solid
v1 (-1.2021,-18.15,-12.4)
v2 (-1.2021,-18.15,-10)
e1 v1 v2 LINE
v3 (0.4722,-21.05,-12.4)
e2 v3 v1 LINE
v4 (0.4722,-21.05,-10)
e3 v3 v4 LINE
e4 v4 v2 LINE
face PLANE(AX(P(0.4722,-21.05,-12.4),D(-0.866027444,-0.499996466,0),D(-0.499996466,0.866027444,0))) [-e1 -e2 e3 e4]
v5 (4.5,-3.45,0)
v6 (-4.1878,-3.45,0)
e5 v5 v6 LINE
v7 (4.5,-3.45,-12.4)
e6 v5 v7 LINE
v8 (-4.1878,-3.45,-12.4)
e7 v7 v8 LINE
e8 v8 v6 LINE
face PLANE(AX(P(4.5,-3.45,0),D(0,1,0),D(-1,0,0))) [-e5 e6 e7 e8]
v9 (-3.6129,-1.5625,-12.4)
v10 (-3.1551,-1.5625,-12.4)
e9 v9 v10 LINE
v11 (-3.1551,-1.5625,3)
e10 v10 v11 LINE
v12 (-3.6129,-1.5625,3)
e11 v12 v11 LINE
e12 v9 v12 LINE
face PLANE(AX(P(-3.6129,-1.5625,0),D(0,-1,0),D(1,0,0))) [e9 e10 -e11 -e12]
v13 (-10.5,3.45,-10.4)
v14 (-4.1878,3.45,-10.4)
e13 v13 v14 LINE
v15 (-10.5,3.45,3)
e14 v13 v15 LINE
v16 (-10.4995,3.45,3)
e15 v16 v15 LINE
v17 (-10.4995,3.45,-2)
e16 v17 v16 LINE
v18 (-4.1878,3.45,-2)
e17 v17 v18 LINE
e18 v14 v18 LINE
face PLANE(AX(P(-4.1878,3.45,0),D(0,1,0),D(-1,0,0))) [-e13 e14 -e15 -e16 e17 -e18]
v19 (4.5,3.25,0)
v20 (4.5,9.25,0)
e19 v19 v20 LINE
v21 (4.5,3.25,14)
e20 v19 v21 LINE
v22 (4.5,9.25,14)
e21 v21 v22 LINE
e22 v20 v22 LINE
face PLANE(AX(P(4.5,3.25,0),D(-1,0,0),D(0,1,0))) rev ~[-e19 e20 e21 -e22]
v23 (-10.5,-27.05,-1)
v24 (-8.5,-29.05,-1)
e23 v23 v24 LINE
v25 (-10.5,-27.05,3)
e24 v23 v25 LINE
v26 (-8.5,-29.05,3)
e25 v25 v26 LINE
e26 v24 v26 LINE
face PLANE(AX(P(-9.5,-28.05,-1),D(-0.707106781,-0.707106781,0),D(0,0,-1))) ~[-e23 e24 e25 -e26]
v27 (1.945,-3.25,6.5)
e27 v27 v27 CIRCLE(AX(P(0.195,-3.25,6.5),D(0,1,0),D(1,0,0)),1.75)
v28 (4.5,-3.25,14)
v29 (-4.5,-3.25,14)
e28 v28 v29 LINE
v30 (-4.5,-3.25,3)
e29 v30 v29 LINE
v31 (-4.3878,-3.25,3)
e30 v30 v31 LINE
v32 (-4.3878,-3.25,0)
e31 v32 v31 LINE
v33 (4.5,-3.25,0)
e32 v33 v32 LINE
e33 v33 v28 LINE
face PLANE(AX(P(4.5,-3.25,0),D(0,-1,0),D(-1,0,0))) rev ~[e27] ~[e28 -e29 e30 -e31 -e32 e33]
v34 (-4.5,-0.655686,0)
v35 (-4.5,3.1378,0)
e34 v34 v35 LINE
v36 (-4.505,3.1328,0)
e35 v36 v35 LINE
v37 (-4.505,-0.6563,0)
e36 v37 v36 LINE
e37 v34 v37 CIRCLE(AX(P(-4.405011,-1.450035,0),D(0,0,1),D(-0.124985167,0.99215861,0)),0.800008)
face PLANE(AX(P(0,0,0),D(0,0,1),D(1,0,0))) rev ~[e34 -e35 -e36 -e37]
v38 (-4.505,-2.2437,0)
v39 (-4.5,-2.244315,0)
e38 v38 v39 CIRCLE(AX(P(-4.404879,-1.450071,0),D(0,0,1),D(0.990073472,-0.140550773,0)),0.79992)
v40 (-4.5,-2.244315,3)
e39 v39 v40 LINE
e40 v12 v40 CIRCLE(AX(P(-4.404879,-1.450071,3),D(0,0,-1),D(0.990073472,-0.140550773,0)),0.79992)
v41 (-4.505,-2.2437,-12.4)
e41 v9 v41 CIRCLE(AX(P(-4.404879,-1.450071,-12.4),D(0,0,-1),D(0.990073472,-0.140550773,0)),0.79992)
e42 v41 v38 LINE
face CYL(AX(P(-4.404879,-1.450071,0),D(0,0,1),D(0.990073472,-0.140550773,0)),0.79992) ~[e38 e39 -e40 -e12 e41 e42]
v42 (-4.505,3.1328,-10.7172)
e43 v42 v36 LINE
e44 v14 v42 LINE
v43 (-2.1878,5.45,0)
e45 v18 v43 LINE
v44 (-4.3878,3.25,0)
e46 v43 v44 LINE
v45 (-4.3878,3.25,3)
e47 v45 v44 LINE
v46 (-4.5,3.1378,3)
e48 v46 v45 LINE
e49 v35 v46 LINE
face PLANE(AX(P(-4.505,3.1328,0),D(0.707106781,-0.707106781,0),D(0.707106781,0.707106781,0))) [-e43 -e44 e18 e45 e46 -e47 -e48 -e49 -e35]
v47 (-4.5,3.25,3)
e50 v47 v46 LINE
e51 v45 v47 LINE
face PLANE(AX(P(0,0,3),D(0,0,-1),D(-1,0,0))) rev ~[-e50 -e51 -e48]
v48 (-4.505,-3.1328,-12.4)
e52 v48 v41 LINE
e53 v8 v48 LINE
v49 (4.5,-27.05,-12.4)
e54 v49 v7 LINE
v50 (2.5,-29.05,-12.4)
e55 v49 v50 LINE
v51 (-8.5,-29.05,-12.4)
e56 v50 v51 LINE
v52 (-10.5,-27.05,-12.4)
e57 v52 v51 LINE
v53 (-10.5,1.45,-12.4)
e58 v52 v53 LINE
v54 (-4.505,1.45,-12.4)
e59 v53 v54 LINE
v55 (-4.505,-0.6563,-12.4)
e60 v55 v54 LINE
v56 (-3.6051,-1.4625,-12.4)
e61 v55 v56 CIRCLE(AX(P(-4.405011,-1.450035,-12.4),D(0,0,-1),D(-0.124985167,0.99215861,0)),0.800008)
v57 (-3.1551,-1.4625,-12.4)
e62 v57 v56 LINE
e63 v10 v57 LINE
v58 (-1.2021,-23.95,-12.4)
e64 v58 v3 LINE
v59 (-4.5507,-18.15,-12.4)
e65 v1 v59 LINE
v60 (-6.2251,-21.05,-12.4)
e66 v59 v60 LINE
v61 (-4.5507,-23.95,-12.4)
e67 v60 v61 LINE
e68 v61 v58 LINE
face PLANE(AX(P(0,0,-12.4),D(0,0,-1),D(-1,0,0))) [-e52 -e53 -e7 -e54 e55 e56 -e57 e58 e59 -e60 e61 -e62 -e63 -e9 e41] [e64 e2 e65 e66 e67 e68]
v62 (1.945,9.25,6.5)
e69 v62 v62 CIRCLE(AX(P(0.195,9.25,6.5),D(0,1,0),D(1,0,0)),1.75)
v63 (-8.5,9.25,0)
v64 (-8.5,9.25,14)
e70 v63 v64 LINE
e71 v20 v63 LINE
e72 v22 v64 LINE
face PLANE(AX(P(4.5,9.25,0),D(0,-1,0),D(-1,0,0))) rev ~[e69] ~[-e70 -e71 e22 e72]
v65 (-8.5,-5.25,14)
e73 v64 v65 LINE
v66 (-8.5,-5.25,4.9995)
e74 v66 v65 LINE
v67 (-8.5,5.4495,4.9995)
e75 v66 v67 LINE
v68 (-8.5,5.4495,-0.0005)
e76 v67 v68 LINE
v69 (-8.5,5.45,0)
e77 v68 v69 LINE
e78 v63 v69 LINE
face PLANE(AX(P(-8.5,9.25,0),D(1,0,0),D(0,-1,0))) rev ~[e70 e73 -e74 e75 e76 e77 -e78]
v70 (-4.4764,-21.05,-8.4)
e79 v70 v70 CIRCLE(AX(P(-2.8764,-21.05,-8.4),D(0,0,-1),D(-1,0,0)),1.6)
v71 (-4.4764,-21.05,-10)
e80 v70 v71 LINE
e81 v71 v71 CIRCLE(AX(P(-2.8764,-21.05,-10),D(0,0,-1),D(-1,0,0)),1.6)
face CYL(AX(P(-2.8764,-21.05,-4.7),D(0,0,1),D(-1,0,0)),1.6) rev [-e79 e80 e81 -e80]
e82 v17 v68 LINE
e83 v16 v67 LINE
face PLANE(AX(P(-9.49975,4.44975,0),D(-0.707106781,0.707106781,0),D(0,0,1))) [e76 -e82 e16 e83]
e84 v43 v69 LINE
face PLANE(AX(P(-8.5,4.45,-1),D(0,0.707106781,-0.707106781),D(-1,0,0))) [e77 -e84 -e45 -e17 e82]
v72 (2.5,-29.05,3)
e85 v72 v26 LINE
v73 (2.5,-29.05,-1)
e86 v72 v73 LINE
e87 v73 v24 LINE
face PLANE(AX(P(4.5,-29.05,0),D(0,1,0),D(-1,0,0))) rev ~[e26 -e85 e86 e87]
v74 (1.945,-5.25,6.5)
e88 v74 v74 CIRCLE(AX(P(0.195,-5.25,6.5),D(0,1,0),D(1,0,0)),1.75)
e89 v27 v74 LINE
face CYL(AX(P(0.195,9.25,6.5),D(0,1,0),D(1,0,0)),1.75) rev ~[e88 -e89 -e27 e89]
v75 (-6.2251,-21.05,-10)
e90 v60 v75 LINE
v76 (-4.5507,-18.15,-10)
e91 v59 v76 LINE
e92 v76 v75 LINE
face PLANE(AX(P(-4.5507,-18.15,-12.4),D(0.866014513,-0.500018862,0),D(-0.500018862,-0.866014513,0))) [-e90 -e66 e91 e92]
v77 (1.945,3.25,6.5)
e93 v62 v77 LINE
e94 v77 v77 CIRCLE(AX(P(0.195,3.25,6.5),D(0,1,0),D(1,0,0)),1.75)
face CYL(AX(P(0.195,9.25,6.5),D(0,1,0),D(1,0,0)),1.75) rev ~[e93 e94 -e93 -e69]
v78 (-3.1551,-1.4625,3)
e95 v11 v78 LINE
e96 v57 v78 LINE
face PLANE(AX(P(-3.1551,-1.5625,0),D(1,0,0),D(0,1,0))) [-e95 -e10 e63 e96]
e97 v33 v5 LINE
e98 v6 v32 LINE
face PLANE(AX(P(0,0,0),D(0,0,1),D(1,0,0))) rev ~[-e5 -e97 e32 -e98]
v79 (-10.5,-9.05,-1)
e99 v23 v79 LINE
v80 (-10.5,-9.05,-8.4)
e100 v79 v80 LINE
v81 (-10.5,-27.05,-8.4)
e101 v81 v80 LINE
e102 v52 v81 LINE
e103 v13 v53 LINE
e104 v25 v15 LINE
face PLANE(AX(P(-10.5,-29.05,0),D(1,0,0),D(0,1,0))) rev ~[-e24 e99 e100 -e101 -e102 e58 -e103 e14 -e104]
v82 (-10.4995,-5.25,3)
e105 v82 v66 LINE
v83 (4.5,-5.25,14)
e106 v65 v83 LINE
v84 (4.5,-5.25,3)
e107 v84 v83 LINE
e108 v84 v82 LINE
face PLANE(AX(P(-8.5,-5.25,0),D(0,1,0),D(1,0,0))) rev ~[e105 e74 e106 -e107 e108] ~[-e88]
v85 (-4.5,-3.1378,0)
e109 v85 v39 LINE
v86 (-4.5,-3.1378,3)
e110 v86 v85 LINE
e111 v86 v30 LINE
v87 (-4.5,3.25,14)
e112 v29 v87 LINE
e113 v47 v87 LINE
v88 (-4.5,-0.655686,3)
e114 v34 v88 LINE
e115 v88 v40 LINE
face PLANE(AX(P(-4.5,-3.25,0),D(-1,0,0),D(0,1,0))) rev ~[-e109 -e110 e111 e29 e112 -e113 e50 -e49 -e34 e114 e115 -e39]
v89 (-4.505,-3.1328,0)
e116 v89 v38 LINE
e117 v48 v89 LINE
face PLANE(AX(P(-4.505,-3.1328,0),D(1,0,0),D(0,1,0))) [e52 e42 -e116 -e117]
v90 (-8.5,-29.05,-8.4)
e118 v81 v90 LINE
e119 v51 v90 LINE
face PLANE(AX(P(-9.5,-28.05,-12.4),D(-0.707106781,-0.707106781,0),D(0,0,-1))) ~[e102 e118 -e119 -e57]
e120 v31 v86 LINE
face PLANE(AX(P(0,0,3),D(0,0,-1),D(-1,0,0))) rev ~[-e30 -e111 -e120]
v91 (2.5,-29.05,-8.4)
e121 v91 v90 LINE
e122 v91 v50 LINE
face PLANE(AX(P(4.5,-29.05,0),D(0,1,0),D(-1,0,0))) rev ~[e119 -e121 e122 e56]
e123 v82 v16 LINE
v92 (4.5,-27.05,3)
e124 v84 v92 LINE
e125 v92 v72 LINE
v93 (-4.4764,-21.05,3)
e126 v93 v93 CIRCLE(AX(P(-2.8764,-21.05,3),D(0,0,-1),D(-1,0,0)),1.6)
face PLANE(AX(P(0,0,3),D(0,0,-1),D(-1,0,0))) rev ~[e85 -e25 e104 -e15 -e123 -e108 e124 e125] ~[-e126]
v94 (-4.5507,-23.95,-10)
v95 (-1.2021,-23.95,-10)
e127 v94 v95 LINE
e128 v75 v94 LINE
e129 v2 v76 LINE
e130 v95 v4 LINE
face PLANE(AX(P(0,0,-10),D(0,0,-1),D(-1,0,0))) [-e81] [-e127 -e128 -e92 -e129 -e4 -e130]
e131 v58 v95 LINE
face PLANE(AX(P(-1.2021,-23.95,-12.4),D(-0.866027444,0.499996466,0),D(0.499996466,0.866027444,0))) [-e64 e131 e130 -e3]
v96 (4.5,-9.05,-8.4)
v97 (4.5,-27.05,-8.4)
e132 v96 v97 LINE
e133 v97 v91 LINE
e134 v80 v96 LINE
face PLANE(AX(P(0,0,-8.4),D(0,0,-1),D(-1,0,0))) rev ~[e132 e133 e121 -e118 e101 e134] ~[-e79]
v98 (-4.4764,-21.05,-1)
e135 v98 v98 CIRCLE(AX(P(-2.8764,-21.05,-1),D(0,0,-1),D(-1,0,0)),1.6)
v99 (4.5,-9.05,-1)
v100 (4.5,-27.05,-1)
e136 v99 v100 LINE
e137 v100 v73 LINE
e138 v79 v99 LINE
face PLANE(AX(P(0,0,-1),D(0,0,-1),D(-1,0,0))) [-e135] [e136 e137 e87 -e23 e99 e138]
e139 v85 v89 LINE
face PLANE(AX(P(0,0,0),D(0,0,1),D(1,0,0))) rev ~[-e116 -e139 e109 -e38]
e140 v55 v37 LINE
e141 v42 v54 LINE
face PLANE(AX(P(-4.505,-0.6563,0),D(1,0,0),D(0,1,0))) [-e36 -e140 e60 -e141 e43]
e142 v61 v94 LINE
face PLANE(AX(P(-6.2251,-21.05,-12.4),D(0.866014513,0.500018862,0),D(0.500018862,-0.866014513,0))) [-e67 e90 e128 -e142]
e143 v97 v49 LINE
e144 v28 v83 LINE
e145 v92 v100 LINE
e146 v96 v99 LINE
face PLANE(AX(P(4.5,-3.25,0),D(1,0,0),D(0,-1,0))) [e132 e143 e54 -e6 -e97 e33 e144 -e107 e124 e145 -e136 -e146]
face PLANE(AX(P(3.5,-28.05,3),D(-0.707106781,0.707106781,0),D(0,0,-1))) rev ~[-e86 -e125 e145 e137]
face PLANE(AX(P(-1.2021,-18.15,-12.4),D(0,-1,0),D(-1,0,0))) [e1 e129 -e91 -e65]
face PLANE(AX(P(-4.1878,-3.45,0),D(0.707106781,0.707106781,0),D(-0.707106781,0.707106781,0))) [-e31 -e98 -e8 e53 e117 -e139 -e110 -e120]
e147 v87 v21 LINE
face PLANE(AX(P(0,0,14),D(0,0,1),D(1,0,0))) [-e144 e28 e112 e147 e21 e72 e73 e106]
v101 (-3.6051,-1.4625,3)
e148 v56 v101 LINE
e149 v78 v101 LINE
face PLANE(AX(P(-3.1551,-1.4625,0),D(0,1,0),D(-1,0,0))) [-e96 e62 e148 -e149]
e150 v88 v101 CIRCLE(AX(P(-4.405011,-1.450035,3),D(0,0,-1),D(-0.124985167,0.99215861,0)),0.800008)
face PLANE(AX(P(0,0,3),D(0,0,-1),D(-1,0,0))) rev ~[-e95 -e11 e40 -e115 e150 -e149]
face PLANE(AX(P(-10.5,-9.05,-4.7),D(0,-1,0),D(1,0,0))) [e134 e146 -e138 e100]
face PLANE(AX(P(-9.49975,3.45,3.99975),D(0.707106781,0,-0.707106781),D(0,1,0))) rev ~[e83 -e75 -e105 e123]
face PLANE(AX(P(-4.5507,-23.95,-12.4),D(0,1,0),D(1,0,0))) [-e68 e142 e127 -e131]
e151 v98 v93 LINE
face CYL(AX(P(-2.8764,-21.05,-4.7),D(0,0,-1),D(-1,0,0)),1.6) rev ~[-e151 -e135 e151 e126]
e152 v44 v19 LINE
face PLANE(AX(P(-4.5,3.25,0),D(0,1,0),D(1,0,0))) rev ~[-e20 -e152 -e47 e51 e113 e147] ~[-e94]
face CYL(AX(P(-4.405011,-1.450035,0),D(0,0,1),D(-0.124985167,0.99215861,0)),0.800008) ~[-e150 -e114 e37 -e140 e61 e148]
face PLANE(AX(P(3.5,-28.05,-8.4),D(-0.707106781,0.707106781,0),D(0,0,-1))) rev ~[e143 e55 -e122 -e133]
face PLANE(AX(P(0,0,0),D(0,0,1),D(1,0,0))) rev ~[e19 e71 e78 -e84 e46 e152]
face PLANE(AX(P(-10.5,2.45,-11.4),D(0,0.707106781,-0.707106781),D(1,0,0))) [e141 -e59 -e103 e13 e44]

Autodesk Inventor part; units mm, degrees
ref_plane "YZ Plane" through (0, 0, 0) normal (1, 0, 0) x (0, 1, 0)
ref_plane "XZ Plane" through (0, 0, 0) normal (0, 1, 0) x (-1, 0, 0)
ref_plane "XY Plane" through (0, 0, 0) normal (0, 0, 1) x (1, 0, 0)
sketch "Эскиз2" plane through (0, 0, 0) normal (0, 0, 1) x (1, 0, 0)
  line L0 (-4.5, 3.25) -> (4.5, 3.25)
  line L1 (4.5, 3.25) -> (4.5, -3.25)
  line L2 (4.5, -3.25) -> (-4.5, -3.25)
  line L3 (-4.5, -3.25) -> (-4.5, 3.25)
  line L4 (-4.5, 3.25) -> (4.5, -3.25) construction
  line L5 (4.5, 3.25) -> (-4.5, -3.25) construction
  line L6 (8.5, 9.25) -> (4.5, 9.25) construction
  line L7 (-8.5, 9.25) -> (-8.5, -5.25)
  line L8 (-8.5, -5.25) -> (4.5, -5.25)
  line L9 (8.5, -5.25) -> (8.5, 9.25) construction
  line L10 (4.5, 3.25) -> (4.5, 9.25)
  line L11 (4.5, -3.25) -> (4.5, -5.25)
  line L12 (4.5, 9.25) -> (-8.5, 9.25)
  line L13 (4.5, -5.25) -> (8.5, -5.25) construction
  point P0 (0, 0)
  dimension "d0" = 9
  dimension "d1" = 6.5
  dimension "d2" = 6
extrude "Выдавливание1" add sketch "Эскиз2" along normal blind 14 contours L3 L2 L11 L8 L7 L12 L10 L0
sketch "Эскиз3" plane through (-8.5, 9.25, 0) normal (0, 1, 0) x (1, 0, 0)
  line L0 (13, 0) -> (0, 0) construction
  circle A0 centre (8.695, -6.5) radius 1.75
  line L1 (13, 0) -> (13, -14) projected
  point P0 (8.5, 0)
  dimension "d5" = 3.5
  dimension "d9" = 4.305
extrude "Выдавливание2" cut sketch "Эскиз3" against normal blind 20
sketch "Эскиз4" plane through (0, 0, 0) normal (0, 0, -1) x (-1, 0, 0)
  line L0 (2.9551, -1.2625) -> (2.9551, -1.7625) construction
  line L1 (2.9551, -1.7625) -> (3.4551, -1.7625) construction
  arc A0 (3.4551, -1.7625) -> (4.305, -2.445) centre (4.405, -1.45) ccw construction
  line L2 (4.305, -2.445) -> (4.305, -3.05) construction
  line L3 (4.305, -3.05) -> (4.105, -3.25) construction
  line L4 (4.105, -3.25) -> (-4.495, -3.25) construction
  line L5 (-4.495, -3.25) -> (-4.695, -3.05) construction
  line L6 (-4.695, -3.05) -> (-4.695, -2.445) construction
  arc A1 (-4.695, -2.445) -> (-3.8451, -1.7625) centre (-4.795, -1.45) ccw construction
  line L7 (-3.8451, -1.7625) -> (-3.3451, -1.7625) construction
  line L8 (-3.3451, -1.7625) -> (-3.3451, -1.2625) construction
  line L9 (-3.3451, -1.2625) -> (-3.8127, -1.2625) construction
  arc A2 (-3.8127, -1.2625) -> (-4.695, -0.455) centre (-4.795, -1.45) ccw construction
  line L10 (-4.695, -0.455) -> (-4.695, 3.05) construction
  line L11 (-4.695, 3.05) -> (-4.495, 3.25) construction
  line L12 (-4.495, 3.25) -> (4.105, 3.25) construction
  line L13 (4.105, 3.25) -> (4.305, 3.05) construction
  line L14 (4.305, 3.05) -> (4.305, -0.455) construction
  arc A3 (4.305, -0.455) -> (3.4227, -1.2625) centre (4.405, -1.45) ccw construction
  line L15 (3.4227, -1.2625) -> (2.9551, -1.2625) construction
  line L16 (4.1878, 3.45) -> (-4.5778, 3.45) construction
  line L17 (-4.5778, 3.45) -> (-4.895, 3.1328) construction
  line L18 (-4.895, 3.1328) -> (-4.895, -0.6563) construction
  arc A4 (-3.9951, -1.4625) -> (-4.895, -0.6563) centre (-4.795, -1.45) ccw construction
  line L19 (-3.9951, -1.4625) -> (-3.5451, -1.4625) construction
  line L20 (-3.5451, -1.4625) -> (-3.5451, -1.5625) construction
  line L21 (-3.5451, -1.5625) -> (-4.0029, -1.5625) construction
  arc A5 (-4.895, -2.2437) -> (-4.0029, -1.5625) centre (-4.795, -1.45) ccw construction
  line L22 (-4.895, -2.2437) -> (-4.895, -3.1328) construction
  line L23 (-4.895, -3.1328) -> (-4.5778, -3.45) construction
  line L24 (-4.5, -3.45) -> (4.1878, -3.45)
  line L25 (4.1878, -3.45) -> (4.505, -3.1328)
  line L26 (4.505, -3.1328) -> (4.505, -2.2437)
  arc A6 (3.6129, -1.5625) -> (4.505, -2.2437) centre (4.405, -1.45) ccw
  line L27 (3.6129, -1.5625) -> (3.1551, -1.5625)
  line L28 (3.1551, -1.5625) -> (3.1551, -1.4625)
  line L29 (3.1551, -1.4625) -> (3.6051, -1.4625)
  arc A7 (4.505, -0.6563) -> (3.6051, -1.4625) centre (4.405, -1.45) ccw
  line L30 (4.505, -0.6563) -> (4.505, 3.1328)
  line L31 (4.505, 3.1328) -> (4.1878, 3.45)
  line L32 (4.1878, 3.45) -> (8.5, 3.45)
  line L33 (8.5, 9.25) -> (8.5, -5.25) projected
  line L34 (-4.5, -5.25) -> (-4.5, -3.25) projected
  line L35 (-4.5, -3.45) -> (-4.5, -29.05)
  line L36 (-4.5, -29.05) -> (10.5, -29.05)
  line L37 (10.5, -29.05) -> (10.5, 3.45)
  line L38 (10.5, 3.45) -> (8.5, 3.45)
  point P0 (0, 0)
  dimension "d10" = 0.2
  dimension "d12" = 4.3122
  dimension "d13" = 15
extrude "Выдавливание3" add sketch "Эскиз4" along normal blind 12.4 and the other way blind 3
chamfer "Фаска1" distance 2 angle 45 1 edges at (-8.5, 3.45, 1.5)
chamfer "Фаска2" distance 2 angle 45 1 edges at (-6.3439, 3.45, 0)
chamfer "Фаска3" distance 2 angle 45 1 edges at (-8.5, -0.9, 3)
ref_plane "РабПлоскость1" through (0, 0, -4.7) normal (0, 0, -1) x (-1, 0, 0)
sketch "Эскиз5" plane through (0, 0, -4.7) normal (0, 0, -1) x (-1, 0, 0)
  circle A0 centre (2.8764, -21.05) radius 11 construction
  line L0 (-4.5, -29.05) -> (10.5, -29.05) construction
  circle A1 centre (2.8764, -21.05) radius 1.6
  line L1 (10.5, -29.05) -> (10.5, 3.45) projected
  line L2 (10.5, -29.05) -> (10.5, -9.05)
  line L3 (10.5, -9.05) -> (-4.5, -9.05)
  line L4 (-4.5, -3.45) -> (-4.5, -29.05) projected
  line L5 (-4.5, -9.05) -> (-4.5, -29.05)
  line L6 (-4.5, -29.05) -> (10.5, -29.05)
  point P0 (0, 0)
  dimension "d27" = 22
  dimension "d28" = 8
  dimension "d29" = 3.2
  dimension "d30" = 12
extrude "Выдавливание4" cut sketch "Эскиз5" along normal mid plane 7.4
extrude "Выдавливание5" cut sketch "Эскиз5" along normal mid plane 20 contours A1
sketch "Эскиз6" plane through (0, 0, -12.4) normal (0, 0, -1) x (-1, 0, 0)
  circle A0 centre (2.8764, -21.05) radius 1.6 construction
  circle A1 centre (2.8764, -21.05) radius 1.6 projected
  line L0 (4.5507, -23.95) -> (1.2021, -23.95)
  line L1 (1.2021, -23.95) -> (-0.4722, -21.05)
  line L2 (-0.4722, -21.05) -> (1.2021, -18.15)
  line L3 (1.2021, -18.15) -> (4.5507, -18.15)
  line L4 (4.5507, -18.15) -> (6.2251, -21.05)
  line L5 (6.2251, -21.05) -> (4.5507, -23.95)
  line L6 (-4.5, -29.05) -> (10.5, -29.05) projected
  point P0 (0, 0)
  dimension "d35" = 5.8
extrude "Выдавливание6" cut sketch "Эскиз6" against normal blind 2.4
chamfer "Фаска4" distance 2 angle 45 5 edges at (-10.5, -29.05, -10.4) (-10.5, -29.05, 1) (4.5, -29.05, 1) (4.5, -29.05, -10.4) (-7.3439, 3.45, -12.4)
properties part number "ограничитель" material "Полипропилен"
